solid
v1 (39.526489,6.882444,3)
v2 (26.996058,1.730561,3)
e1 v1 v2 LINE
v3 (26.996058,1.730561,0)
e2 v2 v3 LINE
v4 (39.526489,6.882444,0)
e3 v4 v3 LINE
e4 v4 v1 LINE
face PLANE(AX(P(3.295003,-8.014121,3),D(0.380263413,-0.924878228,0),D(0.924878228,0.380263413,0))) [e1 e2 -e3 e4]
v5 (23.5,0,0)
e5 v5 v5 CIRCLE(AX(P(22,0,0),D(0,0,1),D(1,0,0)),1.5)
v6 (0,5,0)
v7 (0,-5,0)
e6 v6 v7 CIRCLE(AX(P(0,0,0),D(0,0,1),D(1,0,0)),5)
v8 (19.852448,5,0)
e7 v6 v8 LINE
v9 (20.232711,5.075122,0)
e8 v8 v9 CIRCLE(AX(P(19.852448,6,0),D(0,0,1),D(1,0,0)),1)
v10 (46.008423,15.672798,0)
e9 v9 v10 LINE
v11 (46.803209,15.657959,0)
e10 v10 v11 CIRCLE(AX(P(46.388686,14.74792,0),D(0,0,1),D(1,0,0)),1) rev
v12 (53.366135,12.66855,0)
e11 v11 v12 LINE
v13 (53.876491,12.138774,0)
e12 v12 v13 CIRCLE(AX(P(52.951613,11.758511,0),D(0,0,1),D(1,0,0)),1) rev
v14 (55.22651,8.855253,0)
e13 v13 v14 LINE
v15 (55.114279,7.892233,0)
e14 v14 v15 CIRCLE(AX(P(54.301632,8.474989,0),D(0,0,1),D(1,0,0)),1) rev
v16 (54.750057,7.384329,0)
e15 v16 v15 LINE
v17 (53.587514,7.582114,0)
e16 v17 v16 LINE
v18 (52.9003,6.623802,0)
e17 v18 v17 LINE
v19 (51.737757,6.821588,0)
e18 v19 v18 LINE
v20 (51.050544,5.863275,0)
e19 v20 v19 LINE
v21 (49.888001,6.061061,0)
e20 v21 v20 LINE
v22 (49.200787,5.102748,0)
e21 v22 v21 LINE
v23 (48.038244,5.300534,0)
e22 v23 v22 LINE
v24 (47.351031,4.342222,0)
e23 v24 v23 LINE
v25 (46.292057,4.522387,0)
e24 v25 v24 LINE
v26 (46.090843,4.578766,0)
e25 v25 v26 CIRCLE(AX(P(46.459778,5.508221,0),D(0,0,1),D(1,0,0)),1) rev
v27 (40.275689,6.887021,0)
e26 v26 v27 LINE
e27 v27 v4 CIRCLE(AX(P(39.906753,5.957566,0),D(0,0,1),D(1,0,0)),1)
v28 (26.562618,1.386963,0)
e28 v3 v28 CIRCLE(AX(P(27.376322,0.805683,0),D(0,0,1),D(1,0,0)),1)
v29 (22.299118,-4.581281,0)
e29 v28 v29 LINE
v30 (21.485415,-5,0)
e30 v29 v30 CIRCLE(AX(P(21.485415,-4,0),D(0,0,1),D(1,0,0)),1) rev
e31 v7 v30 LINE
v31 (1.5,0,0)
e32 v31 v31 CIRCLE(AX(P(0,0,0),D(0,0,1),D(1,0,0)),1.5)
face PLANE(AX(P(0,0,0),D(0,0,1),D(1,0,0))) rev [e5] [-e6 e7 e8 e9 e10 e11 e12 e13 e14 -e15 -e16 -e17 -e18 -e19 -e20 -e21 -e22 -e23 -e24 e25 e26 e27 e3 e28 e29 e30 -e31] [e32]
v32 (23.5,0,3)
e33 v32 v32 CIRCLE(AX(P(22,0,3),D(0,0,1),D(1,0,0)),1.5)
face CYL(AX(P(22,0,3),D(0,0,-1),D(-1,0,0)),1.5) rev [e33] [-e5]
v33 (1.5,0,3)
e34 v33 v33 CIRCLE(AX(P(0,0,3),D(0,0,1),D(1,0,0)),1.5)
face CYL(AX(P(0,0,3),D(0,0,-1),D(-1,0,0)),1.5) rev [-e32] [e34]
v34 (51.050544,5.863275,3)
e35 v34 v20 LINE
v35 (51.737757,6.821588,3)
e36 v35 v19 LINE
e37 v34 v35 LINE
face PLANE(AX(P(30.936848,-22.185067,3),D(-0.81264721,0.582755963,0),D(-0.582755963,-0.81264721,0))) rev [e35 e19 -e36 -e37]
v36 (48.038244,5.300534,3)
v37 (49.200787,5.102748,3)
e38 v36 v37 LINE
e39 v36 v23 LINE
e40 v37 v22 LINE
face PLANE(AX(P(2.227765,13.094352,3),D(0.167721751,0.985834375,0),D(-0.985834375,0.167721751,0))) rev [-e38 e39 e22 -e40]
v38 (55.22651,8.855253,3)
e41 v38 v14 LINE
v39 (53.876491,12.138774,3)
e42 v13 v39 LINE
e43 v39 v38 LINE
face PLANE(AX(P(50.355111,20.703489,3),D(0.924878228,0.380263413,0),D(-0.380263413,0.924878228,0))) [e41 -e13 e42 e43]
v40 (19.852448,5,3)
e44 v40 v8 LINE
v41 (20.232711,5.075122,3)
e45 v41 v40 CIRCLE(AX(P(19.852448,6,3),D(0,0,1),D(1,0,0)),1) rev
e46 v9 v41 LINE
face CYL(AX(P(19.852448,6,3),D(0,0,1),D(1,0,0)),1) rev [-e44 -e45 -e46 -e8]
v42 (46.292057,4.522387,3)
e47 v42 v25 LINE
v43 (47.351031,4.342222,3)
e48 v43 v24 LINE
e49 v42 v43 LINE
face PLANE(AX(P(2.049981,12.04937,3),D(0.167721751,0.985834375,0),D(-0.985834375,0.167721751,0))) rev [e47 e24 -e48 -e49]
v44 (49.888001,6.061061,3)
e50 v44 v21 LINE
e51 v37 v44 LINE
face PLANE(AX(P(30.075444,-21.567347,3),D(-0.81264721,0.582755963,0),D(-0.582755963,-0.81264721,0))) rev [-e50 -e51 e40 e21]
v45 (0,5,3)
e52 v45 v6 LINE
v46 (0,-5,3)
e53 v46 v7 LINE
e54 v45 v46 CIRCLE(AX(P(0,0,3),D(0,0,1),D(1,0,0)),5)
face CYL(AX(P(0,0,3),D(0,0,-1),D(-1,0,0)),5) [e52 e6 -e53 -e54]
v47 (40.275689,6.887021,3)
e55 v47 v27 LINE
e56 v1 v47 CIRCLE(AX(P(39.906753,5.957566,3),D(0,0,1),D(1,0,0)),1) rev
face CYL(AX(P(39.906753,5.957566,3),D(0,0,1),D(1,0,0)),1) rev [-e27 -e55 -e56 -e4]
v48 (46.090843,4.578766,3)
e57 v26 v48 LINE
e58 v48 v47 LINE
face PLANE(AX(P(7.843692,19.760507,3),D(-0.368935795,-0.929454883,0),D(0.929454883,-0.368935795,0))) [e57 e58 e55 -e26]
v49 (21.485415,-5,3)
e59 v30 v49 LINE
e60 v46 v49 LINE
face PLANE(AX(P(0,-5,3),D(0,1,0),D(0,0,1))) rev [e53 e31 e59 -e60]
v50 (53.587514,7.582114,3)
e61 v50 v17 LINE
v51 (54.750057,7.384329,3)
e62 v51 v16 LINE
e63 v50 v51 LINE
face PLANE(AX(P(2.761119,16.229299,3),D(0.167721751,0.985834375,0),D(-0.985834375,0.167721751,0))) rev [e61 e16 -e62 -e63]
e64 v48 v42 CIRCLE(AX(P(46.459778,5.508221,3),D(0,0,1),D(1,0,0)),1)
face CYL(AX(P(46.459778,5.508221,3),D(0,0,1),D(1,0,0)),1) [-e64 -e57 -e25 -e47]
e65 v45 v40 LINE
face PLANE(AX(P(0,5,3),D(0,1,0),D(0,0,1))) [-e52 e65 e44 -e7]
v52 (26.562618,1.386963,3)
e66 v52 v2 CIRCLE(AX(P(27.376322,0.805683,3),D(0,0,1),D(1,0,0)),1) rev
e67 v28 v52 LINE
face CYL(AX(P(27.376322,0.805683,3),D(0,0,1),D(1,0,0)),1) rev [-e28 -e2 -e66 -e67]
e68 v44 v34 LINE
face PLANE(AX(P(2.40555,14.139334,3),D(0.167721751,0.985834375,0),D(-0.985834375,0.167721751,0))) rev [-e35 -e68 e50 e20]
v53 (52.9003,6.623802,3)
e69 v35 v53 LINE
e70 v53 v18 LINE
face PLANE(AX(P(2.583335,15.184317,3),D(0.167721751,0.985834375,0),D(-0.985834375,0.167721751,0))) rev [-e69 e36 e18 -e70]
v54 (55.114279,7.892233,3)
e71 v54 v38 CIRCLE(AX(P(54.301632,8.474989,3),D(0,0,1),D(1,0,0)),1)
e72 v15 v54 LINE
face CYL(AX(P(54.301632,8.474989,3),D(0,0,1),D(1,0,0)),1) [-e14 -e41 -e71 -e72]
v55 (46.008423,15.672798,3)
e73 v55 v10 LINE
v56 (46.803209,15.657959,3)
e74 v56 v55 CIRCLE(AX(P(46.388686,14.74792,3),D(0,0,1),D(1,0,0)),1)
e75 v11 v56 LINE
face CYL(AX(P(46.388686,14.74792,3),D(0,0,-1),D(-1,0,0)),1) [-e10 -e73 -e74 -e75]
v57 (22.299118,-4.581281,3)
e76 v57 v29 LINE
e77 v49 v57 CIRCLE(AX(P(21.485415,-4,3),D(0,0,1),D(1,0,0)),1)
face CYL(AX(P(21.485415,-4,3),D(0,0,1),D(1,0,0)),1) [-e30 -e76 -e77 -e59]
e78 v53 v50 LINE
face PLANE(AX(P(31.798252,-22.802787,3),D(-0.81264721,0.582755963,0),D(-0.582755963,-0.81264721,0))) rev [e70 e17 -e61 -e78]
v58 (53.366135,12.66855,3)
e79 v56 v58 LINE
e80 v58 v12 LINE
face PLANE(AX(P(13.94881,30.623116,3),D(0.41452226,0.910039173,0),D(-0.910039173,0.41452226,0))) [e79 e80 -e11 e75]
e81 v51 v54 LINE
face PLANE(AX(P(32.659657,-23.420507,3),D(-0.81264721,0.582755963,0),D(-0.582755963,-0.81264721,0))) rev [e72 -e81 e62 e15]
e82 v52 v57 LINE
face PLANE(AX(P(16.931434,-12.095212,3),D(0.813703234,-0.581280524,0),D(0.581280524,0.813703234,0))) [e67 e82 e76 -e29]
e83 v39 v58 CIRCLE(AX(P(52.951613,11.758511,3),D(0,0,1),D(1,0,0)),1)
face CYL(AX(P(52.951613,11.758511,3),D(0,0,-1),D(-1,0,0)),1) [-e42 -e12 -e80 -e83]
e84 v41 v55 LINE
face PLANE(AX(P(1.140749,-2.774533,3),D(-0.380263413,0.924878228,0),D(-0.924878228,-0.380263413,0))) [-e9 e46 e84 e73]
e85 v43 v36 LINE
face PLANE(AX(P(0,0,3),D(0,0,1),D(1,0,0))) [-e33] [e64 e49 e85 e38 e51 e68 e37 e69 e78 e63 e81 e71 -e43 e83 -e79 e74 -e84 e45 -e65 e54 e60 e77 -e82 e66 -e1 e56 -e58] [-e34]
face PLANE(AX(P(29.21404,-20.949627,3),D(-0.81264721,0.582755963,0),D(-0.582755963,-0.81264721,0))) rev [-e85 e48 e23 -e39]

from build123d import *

# Parameters (mm, degrees)
SKETCH1_R           = 1.5
BOSS_EXTRUDE1_DEPTH = 3
FILLET1_R           = 1


with BuildPart() as part:
    # Sketch1 → Boss-Extrude1 (new body)
    with BuildSketch(Plane.XY):
        with BuildLine():
            Line((20.05, 5), (0, 5))
            ThreePointArc((0, 5), (-5, 0), (0, -5))
            Line((0, -5), (22, -5))
            Line((22, -5), (26.72989842, 1.621129525))
            Line((26.72989842, 1.621129525), (39.900164389, 7.036080522))
            Line((39.900164389, 7.036080522), (46.188488025, 4.540007042))
            Line((46.188488025, 4.540007042), (47.351030887, 4.342221563))
            Line((47.351030887, 4.342221563), (48.038244482, 5.300533868))
            Line((48.038244482, 5.300533868), (49.200787343, 5.102748388))
            Line((49.200787343, 5.102748388), (49.888000938, 6.061060693))
            Line((49.888000938, 6.061060693), (51.050543799, 5.863275214))
            Line((51.050543799, 5.863275214), (51.737757394, 6.821587519))
            Line((51.737757394, 6.821587519), (52.900300256, 6.623802039))
            Line((52.900300256, 6.623802039), (53.587513851, 7.582114344))
            Line((53.587513851, 7.582114344), (54.750056712, 7.384328864))
            Line((54.750056712, 7.384328864), (55.437270307, 8.34264117))
            Line((55.437270307, 8.34264117), (53.72608495, 12.504593197))
            Line((53.72608495, 12.504593197), (46.409029503, 15.837507263))
            Line((46.409029503, 15.837507263), (20.05, 5))
        make_face()
        Circle(SKETCH1_R, mode=Mode.SUBTRACT)
        with Locations((22, 0)):
            Circle(SKETCH1_R, mode=Mode.SUBTRACT)
    extrude(amount=BOSS_EXTRUDE1_DEPTH)

    # Fillet1
    fillet1_edges = [part.edges().sort_by_distance(p)[0] for p in [
        (22, -5, 1.5),
        (20.05, 5, 1.5),
        (46.409029503, 15.837507263, 1.5),
        (53.72608495, 12.504593197, 1.5),
        (55.437270307, 8.34264117, 1.5),
        (46.188488025, 4.540007042, 1.5),
        (39.900164389, 7.036080522, 1.5),
        (26.72989842, 1.621129525, 1.5),
    ]]
    fillet(fillet1_edges, radius=FILLET1_R)


solid = part.part
